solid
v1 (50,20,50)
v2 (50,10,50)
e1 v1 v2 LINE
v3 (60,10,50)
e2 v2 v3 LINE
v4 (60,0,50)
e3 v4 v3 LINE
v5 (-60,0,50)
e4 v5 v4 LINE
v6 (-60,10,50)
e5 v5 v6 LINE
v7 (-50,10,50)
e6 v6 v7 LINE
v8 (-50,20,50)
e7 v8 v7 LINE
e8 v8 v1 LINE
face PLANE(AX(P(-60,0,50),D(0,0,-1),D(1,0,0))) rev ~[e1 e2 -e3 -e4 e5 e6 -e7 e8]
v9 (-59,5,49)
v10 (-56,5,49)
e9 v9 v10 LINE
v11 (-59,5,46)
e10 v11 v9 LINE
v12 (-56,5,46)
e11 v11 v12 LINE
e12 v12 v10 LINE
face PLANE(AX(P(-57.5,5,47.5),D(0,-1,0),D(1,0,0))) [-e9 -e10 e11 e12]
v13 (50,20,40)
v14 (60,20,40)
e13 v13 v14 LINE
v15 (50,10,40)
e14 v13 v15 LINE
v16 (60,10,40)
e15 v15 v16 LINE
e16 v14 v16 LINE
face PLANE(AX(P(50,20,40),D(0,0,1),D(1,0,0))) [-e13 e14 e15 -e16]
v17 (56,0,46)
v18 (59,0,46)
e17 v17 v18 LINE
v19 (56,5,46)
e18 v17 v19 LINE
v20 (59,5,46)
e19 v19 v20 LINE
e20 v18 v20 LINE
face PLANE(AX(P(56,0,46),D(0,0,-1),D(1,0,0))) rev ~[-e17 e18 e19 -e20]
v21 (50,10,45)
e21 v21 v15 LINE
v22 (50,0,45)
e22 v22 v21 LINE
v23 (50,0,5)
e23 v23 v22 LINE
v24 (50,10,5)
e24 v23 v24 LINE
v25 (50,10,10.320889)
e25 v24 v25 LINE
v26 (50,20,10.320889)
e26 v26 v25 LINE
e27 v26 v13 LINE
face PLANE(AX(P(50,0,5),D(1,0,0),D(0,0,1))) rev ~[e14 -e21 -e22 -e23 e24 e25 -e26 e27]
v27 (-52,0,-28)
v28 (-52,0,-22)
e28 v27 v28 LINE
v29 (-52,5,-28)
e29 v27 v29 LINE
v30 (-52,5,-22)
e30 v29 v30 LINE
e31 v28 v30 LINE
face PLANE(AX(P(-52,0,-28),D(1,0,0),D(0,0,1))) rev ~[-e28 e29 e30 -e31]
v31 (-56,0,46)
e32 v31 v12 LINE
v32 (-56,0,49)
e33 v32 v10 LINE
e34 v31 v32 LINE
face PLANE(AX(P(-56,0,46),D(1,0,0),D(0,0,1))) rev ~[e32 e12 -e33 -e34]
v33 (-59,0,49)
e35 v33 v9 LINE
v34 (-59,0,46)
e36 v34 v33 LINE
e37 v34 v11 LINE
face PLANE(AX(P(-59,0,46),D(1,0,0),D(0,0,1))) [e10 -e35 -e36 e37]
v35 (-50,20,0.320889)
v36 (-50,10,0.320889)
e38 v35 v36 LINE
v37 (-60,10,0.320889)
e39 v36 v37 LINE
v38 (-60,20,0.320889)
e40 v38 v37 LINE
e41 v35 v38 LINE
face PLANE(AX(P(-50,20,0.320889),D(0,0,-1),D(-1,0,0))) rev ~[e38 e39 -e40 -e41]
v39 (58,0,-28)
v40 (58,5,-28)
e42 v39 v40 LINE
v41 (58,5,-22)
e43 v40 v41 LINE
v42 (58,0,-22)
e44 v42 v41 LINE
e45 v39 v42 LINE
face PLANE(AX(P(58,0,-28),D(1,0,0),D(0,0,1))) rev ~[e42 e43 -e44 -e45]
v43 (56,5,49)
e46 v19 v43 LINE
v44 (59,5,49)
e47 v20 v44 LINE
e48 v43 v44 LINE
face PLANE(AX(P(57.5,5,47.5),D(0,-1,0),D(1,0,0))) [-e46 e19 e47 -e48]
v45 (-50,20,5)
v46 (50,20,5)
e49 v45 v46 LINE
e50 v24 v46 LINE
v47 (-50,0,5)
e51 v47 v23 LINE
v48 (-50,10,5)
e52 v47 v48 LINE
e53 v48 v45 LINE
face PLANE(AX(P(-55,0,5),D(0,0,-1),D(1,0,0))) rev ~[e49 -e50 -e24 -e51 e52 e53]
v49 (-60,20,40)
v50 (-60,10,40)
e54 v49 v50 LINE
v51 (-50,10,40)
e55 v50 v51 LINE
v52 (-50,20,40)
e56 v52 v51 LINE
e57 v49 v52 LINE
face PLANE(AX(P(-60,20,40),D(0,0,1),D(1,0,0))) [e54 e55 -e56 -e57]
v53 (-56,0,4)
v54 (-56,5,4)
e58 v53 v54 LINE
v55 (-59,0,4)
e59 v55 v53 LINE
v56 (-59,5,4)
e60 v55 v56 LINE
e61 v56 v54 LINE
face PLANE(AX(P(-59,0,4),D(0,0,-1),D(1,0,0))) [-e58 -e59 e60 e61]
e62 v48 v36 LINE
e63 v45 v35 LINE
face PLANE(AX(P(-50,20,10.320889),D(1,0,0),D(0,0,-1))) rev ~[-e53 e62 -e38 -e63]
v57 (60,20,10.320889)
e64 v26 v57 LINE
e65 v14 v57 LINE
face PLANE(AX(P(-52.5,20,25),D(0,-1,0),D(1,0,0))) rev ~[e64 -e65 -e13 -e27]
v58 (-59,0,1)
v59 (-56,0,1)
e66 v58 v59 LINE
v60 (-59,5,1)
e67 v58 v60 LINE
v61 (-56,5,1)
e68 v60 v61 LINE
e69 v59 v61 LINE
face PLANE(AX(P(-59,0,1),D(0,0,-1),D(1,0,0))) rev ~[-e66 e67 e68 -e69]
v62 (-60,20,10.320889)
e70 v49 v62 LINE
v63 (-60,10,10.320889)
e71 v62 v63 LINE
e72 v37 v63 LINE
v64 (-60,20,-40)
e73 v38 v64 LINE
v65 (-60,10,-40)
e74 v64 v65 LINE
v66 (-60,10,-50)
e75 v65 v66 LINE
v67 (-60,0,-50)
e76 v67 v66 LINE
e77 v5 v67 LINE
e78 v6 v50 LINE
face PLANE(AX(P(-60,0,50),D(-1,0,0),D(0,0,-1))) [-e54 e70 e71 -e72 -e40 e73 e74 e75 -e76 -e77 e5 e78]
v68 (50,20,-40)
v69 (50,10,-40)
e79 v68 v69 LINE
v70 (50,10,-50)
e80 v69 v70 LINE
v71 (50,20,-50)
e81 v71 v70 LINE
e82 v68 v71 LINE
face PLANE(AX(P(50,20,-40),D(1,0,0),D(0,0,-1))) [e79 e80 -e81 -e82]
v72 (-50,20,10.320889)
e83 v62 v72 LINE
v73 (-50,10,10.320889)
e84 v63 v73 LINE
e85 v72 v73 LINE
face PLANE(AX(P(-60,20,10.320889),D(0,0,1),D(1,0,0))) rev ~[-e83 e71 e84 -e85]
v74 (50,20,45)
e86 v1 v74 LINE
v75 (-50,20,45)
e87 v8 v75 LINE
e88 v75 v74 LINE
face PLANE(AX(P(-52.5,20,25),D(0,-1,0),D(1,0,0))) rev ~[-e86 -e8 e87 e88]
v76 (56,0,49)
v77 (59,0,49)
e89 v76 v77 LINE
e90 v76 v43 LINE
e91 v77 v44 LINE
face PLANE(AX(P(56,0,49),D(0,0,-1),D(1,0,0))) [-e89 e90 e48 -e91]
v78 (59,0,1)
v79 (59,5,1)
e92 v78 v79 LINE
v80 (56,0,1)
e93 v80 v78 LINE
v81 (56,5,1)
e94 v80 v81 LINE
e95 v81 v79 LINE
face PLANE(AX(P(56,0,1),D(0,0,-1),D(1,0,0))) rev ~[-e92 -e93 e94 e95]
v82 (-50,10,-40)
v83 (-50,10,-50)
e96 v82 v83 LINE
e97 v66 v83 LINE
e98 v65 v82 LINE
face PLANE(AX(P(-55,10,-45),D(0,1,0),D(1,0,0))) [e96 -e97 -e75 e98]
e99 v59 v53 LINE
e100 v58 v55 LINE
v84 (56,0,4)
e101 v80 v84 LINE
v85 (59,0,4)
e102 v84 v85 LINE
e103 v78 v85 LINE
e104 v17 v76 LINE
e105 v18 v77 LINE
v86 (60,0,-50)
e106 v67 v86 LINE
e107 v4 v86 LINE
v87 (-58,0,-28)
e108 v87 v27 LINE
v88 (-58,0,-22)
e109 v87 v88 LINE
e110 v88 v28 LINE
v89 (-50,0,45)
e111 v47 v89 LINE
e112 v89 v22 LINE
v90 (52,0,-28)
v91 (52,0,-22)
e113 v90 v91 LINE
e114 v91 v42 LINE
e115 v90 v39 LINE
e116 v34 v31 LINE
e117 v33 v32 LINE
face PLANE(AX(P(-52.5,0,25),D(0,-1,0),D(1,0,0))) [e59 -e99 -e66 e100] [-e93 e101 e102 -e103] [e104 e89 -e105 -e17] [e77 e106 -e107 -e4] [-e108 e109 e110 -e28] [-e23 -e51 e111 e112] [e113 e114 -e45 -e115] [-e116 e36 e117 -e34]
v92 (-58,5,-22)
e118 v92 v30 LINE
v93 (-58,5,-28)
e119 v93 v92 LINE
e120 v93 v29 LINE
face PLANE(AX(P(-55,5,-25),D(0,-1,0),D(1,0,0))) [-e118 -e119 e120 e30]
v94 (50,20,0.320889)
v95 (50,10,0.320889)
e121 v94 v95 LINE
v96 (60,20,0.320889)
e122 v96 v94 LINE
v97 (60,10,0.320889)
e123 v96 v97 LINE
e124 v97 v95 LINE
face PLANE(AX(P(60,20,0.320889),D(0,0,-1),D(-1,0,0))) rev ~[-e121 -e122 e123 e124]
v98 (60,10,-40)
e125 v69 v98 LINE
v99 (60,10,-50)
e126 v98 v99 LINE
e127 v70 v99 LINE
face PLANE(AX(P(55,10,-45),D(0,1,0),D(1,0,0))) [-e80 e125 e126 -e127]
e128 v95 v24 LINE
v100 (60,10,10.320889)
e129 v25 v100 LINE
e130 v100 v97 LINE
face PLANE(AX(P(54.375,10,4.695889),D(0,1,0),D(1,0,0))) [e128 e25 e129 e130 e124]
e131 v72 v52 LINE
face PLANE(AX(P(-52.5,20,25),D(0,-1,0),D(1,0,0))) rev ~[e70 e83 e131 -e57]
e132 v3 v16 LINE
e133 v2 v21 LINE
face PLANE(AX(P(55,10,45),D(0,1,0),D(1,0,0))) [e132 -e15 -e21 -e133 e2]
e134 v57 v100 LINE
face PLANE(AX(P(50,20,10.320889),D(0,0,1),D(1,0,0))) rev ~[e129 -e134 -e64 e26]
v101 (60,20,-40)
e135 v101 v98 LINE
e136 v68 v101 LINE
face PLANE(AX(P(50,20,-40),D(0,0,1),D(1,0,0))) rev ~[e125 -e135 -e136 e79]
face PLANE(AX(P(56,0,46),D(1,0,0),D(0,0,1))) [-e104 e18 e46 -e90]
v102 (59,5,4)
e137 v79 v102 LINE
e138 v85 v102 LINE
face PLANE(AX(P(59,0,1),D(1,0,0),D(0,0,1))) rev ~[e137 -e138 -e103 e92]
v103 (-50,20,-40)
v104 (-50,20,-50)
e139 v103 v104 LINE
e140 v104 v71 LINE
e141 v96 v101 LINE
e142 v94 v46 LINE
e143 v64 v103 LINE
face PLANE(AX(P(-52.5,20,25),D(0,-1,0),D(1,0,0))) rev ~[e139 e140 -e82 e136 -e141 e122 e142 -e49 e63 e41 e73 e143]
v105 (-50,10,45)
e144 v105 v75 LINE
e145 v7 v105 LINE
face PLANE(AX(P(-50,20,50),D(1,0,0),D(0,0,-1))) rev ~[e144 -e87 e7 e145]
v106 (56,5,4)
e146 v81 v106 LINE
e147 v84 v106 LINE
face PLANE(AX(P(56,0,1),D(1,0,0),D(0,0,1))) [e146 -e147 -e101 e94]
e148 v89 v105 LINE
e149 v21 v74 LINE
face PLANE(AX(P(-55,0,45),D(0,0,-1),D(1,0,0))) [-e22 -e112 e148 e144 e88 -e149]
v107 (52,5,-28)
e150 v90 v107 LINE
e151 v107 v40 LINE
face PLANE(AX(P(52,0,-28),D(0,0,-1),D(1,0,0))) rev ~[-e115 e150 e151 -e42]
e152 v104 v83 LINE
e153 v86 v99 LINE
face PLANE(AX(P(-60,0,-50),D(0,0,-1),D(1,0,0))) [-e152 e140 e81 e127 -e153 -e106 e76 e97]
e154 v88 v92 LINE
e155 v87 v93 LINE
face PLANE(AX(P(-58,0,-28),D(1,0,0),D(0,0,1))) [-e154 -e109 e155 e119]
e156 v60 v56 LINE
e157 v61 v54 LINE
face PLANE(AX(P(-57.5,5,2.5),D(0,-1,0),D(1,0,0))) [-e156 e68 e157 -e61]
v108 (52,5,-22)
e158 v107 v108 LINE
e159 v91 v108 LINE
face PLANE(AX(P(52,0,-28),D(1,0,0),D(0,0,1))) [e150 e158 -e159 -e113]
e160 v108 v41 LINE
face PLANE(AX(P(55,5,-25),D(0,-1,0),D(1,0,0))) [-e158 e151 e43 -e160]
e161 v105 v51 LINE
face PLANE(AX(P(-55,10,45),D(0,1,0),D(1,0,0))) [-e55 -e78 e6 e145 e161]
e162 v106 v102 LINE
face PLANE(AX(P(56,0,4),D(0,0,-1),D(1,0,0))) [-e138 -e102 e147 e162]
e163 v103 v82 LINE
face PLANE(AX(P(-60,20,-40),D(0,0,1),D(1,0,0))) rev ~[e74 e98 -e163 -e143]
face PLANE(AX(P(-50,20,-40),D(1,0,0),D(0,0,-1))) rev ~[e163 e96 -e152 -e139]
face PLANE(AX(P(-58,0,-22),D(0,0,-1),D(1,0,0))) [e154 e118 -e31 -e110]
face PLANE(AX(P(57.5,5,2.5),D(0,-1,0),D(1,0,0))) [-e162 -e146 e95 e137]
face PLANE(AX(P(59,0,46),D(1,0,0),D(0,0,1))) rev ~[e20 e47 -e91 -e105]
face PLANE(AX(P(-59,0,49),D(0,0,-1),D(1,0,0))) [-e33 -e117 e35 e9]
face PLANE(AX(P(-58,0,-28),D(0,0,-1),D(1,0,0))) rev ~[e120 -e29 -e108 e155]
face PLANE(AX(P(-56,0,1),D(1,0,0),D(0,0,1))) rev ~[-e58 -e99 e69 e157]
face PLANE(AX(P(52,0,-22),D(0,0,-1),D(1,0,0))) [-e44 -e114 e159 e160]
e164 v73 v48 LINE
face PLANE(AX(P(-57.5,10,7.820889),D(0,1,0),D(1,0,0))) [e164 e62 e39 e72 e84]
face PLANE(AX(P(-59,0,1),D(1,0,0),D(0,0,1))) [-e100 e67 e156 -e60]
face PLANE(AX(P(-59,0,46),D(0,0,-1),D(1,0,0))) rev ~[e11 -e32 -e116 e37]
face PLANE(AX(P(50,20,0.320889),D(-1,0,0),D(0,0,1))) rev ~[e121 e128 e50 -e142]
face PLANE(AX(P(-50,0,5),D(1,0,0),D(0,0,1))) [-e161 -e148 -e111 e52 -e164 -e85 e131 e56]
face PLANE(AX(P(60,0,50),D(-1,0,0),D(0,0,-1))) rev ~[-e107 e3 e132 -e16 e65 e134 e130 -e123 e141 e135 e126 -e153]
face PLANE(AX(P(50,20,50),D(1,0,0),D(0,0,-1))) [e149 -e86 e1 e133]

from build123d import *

# Parameters (mm, degrees)
SKETCH1_W           = 120
SKETCH1_H           = 100
BOSS_EXTRUDE1_DEPTH = 20
SKETCH6_W           = 110
SKETCH6_H           = 40
CUT_EXTRUDE1_DEPTH  = 20
SKETCH6_3_W         = 5
SKETCH6_3_H         = 40
BOSS_EXTRUDE4_DEPTH = 20
SKETCH14_W          = 10
SKETCH14_H          = 10
CUT_EXTRUDE2_DEPTH  = 10
SKETCH15_W          = 10
SKETCH15_H          = 10
CUT_EXTRUDE3_DEPTH  = 10
SKETCH16_W          = 3
SKETCH16_H          = 3
SKETCH16_W_2        = 6
SKETCH16_H_2        = 6
CUT_EXTRUDE4_DEPTH  = 5


with BuildPart() as part:
    # Sketch1 → Boss-Extrude1 (new body)
    with BuildSketch(Plane(origin=(0, 0, 0), x_dir=(1, 0, 0), z_dir=(0, 1, 0))):
        Rectangle(SKETCH1_W, SKETCH1_H)
    extrude(amount=BOSS_EXTRUDE1_DEPTH)

    # Sketch6 → Cut-Extrude1 (cut)
    with BuildSketch(Plane.XZ):
        with Locations((0, 25)):
            Rectangle(SKETCH6_W, SKETCH6_H)
    extrude(amount=-CUT_EXTRUDE1_DEPTH, mode=Mode.SUBTRACT)

    # Sketch6<3> → Boss-Extrude4 (add)
    with BuildSketch(Plane.XZ):
        with Locations((-52.5, 25)):
            Rectangle(SKETCH6_3_W, SKETCH6_3_H)
        with Locations((52.5, 25)):
            Rectangle(SKETCH6_3_W, SKETCH6_3_H)
    extrude(amount=-BOSS_EXTRUDE4_DEPTH)

    # Sketch14 → Cut-Extrude2 (cut)
    with BuildSketch(Plane(origin=(0, 20, 0), x_dir=(1, 0, 0), z_dir=(0, 1, 0))):
        with Locations((55, -5.320888862)):
            Rectangle(SKETCH14_W, SKETCH14_H)
        with Locations((-55, -5.320888862)):
            Rectangle(SKETCH14_W, SKETCH14_H)
    extrude(amount=-CUT_EXTRUDE2_DEPTH, mode=Mode.SUBTRACT)

    # Sketch15 → Cut-Extrude3 (cut)
    with BuildSketch(Plane(origin=(0, 20, 0), x_dir=(1, 0, 0), z_dir=(0, 1, 0))):
        with Locations((-55, 45)):
            Rectangle(SKETCH15_W, SKETCH15_H)
        with Locations((55, 45)):
            Rectangle(SKETCH15_W, SKETCH15_H)
        with Locations((55, -45)):
            Rectangle(SKETCH15_W, SKETCH15_H)
        with Locations((-55, -45)):
            Rectangle(SKETCH15_W, SKETCH15_H)
    extrude(amount=-CUT_EXTRUDE3_DEPTH, mode=Mode.SUBTRACT)

    # Sketch16 → Cut-Extrude4 (cut)
    with BuildSketch(Plane.XZ):
        with Locations((-57.5, 47.5)):
            Rectangle(SKETCH16_W, SKETCH16_H)
        with Locations((-57.5, 2.5)):
            Rectangle(SKETCH16_W, SKETCH16_H)
        with Locations((57.5, 2.5)):
            Rectangle(SKETCH16_W, SKETCH16_H)
        with Locations((57.5, 47.5)):
            Rectangle(SKETCH16_W, SKETCH16_H)
        with Locations((55, -25)):
            Rectangle(SKETCH16_W_2, SKETCH16_H_2)
        with Locations((-55, -25)):
            Rectangle(SKETCH16_W_2, SKETCH16_H_2)
    extrude(amount=-CUT_EXTRUDE4_DEPTH, mode=Mode.SUBTRACT)


solid = part.part
